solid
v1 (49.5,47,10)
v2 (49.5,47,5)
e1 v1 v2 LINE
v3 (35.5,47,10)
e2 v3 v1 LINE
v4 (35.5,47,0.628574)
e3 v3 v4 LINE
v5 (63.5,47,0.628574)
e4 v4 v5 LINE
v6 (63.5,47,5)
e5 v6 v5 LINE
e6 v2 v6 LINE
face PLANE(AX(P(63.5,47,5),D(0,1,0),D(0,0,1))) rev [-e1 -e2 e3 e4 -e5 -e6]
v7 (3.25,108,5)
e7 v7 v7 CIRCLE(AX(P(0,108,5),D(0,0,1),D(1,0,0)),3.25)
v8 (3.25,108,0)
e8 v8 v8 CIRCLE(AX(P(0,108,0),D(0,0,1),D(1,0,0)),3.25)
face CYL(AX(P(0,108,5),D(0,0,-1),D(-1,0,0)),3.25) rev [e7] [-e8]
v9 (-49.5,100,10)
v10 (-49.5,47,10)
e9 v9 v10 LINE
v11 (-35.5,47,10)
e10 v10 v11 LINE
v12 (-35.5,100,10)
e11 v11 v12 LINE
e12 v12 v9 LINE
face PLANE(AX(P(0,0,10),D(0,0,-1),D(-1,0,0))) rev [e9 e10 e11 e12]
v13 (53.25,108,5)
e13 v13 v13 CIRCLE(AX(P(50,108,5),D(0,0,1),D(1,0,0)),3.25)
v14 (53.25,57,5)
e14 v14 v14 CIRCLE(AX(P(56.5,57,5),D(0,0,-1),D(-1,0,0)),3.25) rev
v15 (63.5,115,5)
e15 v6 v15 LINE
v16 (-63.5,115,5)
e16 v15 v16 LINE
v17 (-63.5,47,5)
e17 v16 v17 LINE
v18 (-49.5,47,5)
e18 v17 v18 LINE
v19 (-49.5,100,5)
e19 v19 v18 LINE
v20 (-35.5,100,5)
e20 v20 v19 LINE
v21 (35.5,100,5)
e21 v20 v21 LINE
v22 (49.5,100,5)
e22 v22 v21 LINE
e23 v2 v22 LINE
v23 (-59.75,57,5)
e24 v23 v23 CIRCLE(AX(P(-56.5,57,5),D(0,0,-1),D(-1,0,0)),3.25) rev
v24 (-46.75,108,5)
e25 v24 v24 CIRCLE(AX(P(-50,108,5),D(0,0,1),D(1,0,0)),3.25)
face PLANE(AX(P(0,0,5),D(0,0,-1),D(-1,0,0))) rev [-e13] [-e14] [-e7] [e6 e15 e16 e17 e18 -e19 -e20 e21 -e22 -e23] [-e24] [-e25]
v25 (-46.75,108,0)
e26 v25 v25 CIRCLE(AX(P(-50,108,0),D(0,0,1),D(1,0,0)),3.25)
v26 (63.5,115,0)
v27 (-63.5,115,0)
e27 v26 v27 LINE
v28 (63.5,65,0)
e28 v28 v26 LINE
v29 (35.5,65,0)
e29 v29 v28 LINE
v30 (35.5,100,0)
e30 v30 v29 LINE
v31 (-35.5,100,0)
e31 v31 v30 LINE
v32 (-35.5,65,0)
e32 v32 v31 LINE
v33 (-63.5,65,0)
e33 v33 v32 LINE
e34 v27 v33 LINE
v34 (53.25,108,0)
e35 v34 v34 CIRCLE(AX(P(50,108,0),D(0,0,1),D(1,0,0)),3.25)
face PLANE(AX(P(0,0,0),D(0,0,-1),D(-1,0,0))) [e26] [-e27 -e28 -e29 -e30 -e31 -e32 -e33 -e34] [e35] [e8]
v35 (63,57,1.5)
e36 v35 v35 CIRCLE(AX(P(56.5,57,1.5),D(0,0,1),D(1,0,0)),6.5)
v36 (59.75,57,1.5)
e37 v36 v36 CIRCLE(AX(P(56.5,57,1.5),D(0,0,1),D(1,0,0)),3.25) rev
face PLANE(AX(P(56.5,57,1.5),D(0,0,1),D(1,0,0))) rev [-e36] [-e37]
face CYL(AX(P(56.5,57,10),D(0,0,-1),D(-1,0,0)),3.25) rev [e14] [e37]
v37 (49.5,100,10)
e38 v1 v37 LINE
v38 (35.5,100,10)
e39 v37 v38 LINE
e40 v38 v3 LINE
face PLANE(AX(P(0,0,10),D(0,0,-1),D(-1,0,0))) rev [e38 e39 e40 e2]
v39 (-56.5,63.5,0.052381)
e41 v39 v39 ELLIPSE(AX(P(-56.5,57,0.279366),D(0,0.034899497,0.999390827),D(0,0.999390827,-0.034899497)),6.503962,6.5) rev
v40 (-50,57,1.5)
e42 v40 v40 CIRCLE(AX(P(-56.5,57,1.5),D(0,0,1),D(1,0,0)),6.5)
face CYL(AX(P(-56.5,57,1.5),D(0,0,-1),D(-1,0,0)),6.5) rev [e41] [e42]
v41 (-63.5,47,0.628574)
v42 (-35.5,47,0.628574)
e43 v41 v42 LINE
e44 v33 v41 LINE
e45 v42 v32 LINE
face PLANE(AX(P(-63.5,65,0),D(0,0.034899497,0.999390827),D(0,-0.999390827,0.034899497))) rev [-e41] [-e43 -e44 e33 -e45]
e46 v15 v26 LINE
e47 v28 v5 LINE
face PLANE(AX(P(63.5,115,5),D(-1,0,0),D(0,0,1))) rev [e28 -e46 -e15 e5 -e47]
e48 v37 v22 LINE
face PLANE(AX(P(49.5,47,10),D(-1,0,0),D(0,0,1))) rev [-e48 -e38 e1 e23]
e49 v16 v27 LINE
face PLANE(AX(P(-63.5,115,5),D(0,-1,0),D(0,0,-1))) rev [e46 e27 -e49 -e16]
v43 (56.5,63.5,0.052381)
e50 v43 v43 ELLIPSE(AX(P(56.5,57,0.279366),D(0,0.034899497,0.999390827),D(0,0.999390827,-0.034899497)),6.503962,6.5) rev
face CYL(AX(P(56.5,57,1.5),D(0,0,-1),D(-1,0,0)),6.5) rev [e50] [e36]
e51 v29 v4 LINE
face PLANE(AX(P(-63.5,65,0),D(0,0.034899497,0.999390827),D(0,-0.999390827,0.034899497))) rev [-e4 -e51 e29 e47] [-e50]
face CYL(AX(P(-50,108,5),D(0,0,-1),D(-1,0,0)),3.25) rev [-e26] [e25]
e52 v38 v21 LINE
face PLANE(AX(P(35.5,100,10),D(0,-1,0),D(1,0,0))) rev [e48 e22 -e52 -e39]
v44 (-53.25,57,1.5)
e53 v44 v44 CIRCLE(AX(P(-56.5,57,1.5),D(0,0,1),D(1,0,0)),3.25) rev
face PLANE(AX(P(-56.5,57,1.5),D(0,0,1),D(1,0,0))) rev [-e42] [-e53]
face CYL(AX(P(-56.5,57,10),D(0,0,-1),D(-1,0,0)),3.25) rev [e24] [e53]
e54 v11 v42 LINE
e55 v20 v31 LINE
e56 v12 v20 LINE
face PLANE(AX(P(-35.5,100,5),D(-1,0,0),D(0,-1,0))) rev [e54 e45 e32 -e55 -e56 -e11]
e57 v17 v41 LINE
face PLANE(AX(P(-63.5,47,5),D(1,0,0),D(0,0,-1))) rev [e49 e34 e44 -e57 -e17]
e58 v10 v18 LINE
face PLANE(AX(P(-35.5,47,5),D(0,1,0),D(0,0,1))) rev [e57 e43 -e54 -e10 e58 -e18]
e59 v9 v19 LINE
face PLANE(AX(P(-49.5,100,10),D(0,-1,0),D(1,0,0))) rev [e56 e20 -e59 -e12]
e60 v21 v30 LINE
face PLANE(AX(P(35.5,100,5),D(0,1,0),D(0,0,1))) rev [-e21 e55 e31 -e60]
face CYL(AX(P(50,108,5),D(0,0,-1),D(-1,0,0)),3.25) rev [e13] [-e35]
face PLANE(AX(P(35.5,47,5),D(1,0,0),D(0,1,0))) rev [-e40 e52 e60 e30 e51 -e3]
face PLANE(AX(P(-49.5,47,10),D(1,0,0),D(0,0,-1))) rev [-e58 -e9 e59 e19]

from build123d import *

# Parameters (mm, degrees)
SKETCH2_R            = 3.25
BOSS_EXTRUDE2_DEPTH  = 5
SKETCH4_W            = 14
SKETCH4_H            = 53
RIBS_DEPTH           = 5
ANGLE_CUT_DEPTH      = 132.746916472
ANGLE_CUT_DEPTH_BACK = 132.746916472
SKETCH3_R            = 6.5
COUNTERBORE_DEPTH    = 1.5
SKETCH6_R            = 3.25
BOLT_THRU_HOLE_DEPTH = 105.895123001


with BuildPart() as part:
    # Sketch2 → Boss-Extrude2 (new body)
    with BuildSketch(Plane.XY):
        Polygon((-63.5, 47), (-63.5, 115), (63.5, 115), (63.5, 47), (35.5, 47), (35.5, 100), (-35.5, 100), (-35.5, 47), align=None)
        with Locations((-50, 108)):
            Circle(SKETCH2_R, mode=Mode.SUBTRACT)
        with Locations((50, 108)):
            Circle(SKETCH2_R, mode=Mode.SUBTRACT)
        with Locations((0, 108)):
            Circle(SKETCH2_R, mode=Mode.SUBTRACT)
    extrude(amount=BOSS_EXTRUDE2_DEPTH)

    # Sketch4 → Ribs (add)
    with BuildSketch(Plane.XY.offset(5)):
        with Locations((-42.5, 73.5)):
            Rectangle(SKETCH4_W, SKETCH4_H)
        with Locations((42.5, 73.5)):
            Rectangle(SKETCH4_W, SKETCH4_H)
    extrude(amount=RIBS_DEPTH)

    # Sketch5 → Angle Cut (cut, two sides: drawn at the far end of the back side and taken through both)
    with BuildSketch(Plane(origin=(0, 0, 0), x_dir=(0, 0, -1), z_dir=(1, 0, 0)).offset(-ANGLE_CUT_DEPTH_BACK)):
        Polygon((0, 47), (0, 65), (-0.628573851, 47), align=None)
    extrude(amount=ANGLE_CUT_DEPTH + ANGLE_CUT_DEPTH_BACK, mode=Mode.SUBTRACT)

    # Sketch3 → Counterbore (cut)
    with BuildSketch(Plane(origin=(0, 93.494633495, 0), x_dir=(-1, 0, 0), z_dir=(0, 0, 1))):
        with Locations(Location((56.5, 36.494633495, 0), (0, 0, 270))):
            Circle(SKETCH3_R)
        with Locations(Location((-56.5, 36.494633495, 0), (0, 0, 270))):
            Circle(SKETCH3_R)
    extrude(amount=COUNTERBORE_DEPTH, mode=Mode.SUBTRACT)

    # Sketch6 → Bolt thru-hole (cut, through all)
    with BuildSketch(Plane(origin=(0, 129.889907886, 0), x_dir=(-1, 0, 0), z_dir=(0, 0, 1))):
        with Locations((-56.5, 72.889907886)):
            Circle(SKETCH6_R)
        with Locations((56.5, 72.889907886)):
            Circle(SKETCH6_R)
    extrude(amount=BOLT_THRU_HOLE_DEPTH, mode=Mode.SUBTRACT)


solid = part.part
